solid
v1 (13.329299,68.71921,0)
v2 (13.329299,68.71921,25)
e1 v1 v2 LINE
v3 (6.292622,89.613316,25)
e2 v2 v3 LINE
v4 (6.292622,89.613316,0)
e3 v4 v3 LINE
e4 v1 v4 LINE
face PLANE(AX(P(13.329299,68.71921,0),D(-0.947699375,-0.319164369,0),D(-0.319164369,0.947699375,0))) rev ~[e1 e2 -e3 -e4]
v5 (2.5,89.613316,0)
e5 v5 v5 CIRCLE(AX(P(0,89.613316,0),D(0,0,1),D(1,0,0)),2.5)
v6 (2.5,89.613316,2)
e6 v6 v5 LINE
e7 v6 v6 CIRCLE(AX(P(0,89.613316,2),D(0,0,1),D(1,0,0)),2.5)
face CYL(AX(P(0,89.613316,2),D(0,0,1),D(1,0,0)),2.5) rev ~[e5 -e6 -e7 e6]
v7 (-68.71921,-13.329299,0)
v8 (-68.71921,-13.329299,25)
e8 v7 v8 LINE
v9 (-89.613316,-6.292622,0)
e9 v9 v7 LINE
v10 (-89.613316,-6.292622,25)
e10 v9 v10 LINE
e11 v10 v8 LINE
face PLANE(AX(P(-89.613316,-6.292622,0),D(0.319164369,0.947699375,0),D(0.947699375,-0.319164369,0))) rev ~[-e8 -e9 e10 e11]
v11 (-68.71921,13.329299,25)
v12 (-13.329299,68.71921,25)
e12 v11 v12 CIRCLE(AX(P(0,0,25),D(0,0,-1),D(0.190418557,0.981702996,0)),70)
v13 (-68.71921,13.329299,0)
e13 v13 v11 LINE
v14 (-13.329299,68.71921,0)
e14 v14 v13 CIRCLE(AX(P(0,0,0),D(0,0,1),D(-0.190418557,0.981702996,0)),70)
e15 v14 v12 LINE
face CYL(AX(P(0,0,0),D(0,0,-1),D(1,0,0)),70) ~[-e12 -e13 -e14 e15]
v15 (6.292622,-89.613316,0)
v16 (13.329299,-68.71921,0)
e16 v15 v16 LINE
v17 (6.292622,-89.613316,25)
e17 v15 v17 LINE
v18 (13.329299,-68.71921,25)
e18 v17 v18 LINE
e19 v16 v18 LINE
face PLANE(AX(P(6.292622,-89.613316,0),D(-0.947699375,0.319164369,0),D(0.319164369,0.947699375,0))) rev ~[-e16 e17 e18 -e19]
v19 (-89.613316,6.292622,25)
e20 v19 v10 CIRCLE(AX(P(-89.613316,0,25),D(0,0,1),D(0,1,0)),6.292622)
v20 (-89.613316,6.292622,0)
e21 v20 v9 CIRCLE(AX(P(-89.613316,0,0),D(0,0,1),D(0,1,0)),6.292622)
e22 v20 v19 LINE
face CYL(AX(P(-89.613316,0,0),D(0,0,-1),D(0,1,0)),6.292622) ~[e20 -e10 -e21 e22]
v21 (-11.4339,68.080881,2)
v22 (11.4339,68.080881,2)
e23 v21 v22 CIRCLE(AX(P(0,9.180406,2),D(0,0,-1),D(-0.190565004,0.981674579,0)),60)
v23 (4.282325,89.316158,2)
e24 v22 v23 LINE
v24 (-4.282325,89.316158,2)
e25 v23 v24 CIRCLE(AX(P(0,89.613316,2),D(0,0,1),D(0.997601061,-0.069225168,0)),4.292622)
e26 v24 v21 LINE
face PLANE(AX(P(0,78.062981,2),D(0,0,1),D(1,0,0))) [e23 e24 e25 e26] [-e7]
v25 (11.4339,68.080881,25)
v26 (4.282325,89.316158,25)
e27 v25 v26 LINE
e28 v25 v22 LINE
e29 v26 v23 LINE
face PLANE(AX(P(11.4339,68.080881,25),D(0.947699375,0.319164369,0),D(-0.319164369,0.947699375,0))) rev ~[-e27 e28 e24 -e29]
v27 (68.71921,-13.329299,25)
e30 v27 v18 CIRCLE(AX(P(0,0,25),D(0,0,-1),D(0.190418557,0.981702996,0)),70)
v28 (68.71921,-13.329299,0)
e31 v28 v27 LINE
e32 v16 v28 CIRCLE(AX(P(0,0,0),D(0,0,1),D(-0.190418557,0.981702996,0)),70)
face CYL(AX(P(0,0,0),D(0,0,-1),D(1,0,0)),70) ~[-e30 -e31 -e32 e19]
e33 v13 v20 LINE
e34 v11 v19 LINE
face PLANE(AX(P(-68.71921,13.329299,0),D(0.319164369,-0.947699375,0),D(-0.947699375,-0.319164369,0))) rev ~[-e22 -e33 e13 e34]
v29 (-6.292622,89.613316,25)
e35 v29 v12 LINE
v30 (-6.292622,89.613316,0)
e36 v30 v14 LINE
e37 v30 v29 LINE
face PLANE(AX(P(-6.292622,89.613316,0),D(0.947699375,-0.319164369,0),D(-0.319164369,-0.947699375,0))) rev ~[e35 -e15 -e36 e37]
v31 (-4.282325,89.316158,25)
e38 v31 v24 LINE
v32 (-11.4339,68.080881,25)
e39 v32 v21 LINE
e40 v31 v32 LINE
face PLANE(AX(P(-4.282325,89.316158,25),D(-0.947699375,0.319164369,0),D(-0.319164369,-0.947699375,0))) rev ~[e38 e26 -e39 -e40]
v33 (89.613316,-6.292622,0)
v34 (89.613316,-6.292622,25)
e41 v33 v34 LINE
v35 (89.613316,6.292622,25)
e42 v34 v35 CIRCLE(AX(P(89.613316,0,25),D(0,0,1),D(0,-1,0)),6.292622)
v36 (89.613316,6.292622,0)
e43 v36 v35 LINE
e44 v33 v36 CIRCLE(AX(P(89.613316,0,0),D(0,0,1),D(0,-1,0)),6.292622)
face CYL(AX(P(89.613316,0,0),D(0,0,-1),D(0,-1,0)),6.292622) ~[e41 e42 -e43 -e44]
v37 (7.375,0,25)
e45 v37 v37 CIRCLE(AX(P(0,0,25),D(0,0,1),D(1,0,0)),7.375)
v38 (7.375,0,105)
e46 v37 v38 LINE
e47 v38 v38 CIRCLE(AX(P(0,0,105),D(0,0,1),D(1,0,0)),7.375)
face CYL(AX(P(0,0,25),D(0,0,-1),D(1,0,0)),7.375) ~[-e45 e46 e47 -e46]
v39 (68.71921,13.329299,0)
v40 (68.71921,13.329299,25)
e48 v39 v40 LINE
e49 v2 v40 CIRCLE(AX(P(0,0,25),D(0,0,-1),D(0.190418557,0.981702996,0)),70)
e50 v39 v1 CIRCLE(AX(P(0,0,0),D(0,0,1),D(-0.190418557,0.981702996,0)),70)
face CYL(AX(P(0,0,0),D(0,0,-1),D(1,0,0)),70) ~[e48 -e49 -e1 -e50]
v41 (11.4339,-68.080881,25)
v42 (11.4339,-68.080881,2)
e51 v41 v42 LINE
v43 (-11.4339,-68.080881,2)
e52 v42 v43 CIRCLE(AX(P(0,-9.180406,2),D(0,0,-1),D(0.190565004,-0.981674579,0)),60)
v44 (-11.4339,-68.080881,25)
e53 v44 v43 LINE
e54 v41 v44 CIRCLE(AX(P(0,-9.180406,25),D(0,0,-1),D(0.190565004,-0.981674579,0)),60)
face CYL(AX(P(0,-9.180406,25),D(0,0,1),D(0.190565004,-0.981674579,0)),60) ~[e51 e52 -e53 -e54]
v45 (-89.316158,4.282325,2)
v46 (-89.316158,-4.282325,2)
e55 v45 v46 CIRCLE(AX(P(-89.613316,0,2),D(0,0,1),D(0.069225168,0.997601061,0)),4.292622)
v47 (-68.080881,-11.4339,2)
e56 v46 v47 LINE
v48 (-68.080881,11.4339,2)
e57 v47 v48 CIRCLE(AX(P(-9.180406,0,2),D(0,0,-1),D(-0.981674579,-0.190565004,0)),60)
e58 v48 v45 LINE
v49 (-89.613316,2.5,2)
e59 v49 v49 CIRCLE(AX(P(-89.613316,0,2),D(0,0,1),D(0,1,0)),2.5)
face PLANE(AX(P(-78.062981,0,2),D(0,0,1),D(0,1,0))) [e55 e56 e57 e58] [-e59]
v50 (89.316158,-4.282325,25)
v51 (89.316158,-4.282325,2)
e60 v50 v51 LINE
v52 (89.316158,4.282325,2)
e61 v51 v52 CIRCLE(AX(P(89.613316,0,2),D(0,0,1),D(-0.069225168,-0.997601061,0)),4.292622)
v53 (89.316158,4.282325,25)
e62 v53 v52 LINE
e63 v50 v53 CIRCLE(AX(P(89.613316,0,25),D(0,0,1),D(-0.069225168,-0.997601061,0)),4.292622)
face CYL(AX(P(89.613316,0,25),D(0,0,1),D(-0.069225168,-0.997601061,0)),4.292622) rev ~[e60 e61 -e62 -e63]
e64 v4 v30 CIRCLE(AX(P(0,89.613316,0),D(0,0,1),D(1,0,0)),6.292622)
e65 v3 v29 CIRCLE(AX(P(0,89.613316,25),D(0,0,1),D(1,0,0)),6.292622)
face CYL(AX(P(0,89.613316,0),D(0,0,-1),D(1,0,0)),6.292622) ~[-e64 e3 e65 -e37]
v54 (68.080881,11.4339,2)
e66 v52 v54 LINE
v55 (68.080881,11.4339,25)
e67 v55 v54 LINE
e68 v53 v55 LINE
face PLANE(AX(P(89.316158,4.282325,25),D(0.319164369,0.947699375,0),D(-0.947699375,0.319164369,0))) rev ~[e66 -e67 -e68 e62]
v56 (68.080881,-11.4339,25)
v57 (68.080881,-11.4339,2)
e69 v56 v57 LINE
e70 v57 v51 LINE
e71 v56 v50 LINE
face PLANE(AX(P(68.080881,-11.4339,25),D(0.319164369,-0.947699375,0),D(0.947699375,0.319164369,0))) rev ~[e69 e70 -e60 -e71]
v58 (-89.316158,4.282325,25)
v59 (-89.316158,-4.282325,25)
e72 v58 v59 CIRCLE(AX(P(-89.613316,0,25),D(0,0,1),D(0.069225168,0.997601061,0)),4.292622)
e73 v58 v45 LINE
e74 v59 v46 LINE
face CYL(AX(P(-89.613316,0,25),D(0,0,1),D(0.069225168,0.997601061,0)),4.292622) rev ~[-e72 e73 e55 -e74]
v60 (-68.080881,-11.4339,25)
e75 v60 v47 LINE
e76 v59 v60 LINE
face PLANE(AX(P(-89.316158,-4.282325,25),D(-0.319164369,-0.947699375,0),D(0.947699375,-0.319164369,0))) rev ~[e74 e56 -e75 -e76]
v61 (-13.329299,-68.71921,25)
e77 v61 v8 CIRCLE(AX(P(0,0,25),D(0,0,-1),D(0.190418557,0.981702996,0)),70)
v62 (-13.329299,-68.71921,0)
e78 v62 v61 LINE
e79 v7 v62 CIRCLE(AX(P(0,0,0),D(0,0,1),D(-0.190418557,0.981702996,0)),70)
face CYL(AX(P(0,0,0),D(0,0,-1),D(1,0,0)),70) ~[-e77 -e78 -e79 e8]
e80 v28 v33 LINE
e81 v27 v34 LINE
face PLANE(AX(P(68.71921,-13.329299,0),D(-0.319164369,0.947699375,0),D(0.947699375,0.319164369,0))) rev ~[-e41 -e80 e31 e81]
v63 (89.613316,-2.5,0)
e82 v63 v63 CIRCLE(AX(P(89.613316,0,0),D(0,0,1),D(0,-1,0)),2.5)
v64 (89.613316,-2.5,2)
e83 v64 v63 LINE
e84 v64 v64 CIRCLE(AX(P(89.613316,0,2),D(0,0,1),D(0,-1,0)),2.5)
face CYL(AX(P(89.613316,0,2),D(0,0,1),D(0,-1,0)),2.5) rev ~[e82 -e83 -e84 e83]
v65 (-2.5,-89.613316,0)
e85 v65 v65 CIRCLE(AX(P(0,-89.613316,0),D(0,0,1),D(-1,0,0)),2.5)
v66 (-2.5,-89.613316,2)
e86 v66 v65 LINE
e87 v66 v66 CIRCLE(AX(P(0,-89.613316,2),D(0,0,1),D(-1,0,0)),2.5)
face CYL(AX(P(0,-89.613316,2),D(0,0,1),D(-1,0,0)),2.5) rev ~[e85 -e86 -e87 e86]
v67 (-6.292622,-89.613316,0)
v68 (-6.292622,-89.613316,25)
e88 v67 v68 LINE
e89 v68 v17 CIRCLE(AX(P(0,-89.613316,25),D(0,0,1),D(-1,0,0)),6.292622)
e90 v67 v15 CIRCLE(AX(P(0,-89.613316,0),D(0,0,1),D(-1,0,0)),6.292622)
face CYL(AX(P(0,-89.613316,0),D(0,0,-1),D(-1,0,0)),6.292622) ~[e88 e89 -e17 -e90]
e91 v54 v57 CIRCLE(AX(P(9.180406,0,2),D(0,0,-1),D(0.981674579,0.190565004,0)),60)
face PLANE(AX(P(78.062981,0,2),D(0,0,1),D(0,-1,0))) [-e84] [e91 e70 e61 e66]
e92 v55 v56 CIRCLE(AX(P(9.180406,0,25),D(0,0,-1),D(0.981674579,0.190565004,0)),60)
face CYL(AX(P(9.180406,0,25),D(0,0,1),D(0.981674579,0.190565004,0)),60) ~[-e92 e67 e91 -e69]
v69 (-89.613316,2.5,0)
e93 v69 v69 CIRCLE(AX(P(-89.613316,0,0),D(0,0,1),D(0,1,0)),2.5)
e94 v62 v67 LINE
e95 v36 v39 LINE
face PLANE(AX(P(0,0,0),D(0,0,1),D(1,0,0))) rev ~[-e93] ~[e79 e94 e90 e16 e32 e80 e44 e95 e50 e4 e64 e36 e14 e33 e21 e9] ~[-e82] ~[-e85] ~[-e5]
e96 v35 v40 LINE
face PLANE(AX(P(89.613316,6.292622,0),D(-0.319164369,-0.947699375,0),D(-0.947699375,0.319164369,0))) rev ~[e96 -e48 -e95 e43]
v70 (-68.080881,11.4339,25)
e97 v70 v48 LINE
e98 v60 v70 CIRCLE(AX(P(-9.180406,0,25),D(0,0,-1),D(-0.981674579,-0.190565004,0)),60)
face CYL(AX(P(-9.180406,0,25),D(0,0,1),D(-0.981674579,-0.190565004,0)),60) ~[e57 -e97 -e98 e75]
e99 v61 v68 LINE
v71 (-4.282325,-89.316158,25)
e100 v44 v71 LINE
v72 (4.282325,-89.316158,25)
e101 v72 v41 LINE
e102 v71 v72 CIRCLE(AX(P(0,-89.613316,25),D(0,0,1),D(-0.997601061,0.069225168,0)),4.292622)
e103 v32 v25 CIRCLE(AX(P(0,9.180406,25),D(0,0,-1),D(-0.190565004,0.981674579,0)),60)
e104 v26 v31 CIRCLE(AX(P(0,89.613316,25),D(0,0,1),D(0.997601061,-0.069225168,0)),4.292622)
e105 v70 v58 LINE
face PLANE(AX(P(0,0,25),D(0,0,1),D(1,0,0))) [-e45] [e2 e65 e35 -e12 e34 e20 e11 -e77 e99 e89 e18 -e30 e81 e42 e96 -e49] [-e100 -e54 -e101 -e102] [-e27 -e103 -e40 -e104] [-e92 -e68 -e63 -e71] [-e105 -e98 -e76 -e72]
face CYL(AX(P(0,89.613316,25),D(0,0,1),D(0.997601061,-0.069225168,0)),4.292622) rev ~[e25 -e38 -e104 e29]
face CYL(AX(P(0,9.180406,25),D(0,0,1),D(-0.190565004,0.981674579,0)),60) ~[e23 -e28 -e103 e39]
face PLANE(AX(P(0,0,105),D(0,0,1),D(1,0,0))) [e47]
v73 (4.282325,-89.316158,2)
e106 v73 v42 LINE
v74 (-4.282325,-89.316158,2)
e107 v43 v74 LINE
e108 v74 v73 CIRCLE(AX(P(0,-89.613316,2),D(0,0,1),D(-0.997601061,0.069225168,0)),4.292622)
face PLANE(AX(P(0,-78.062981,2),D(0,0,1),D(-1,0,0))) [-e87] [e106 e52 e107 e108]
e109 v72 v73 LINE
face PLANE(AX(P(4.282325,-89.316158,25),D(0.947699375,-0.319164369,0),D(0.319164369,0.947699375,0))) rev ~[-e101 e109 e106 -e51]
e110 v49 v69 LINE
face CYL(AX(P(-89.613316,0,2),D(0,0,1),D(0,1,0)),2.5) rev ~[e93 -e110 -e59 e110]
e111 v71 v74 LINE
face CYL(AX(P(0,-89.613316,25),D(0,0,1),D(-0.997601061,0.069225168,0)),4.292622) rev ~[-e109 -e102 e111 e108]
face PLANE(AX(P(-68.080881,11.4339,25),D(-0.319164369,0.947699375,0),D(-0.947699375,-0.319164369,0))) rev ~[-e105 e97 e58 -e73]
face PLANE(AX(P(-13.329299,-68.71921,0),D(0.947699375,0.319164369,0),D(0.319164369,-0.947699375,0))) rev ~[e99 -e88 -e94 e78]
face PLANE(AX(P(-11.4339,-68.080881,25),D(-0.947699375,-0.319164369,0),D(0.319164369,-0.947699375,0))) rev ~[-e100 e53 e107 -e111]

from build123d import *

# Parameters (mm, degrees)
SKETCH1_R           = 70
BOSS_EXTRUDE1_DEPTH = 25
BOSS_EXTRUDE3_DEPTH = 25
CUT_EXTRUDE1_DEPTH  = 23
CUT_EXTRUDE2_REACH  = 122.942
SKETCH6_R           = 2.5
CIRPATTERN2_COUNT   = 4
SKETCH7_R           = 7.375
BOSS_EXTRUDE4_DEPTH = 80


with BuildPart() as part:
    # Sketch1 → Boss-Extrude1 (new body)
    with BuildSketch(Plane.XY):
        Circle(SKETCH1_R)
    extrude(amount=BOSS_EXTRUDE1_DEPTH)

    # Sketch3 → Boss-Extrude3 (add)
    with BuildSketch(Plane.XY):
        with BuildLine():
            Line((13.329299006, 68.719209745), (6.292622314, 89.613315607))
            ThreePointArc((6.292622314, 89.613315607), (0, 95.90593792), (-6.292622314, 89.613315607))
            Line((-6.292622314, 89.613315607), (-13.329299006, 68.719209745))
            ThreePointArc((-13.329299006, 68.719209745), (0, 70), (13.329299006, 68.719209745))
        make_face()
    boss_extrude3 = extrude(amount=BOSS_EXTRUDE3_DEPTH)

    # Sketch5 → Cut-Extrude1 (cut)
    with BuildSketch(Plane.XY.offset(25)):
        with BuildLine():
            Line((11.433900255, 68.080881008), (4.282324573, 89.316158104))
            ThreePointArc((4.282324573, 89.316158104), (0, 93.90593792), (-4.282324573, 89.316158104))
            Line((-4.282324573, 89.316158104), (-11.433900255, 68.080881008))
            ThreePointArc((-11.433900255, 68.080881008), (0, 69.180406265), (11.433900255, 68.080881008))
        make_face()
    cut_extrude1 = extrude(amount=-CUT_EXTRUDE1_DEPTH, mode=Mode.SUBTRACT)

    # Sketch6 → Cut-Extrude2 (cut, up to next)
    with BuildSketch(Plane.XY.offset(2), mode=Mode.PRIVATE) as cut_extrude2_sk1:
        with Locations((0, 89.613315607)):
            Circle(SKETCH6_R)
    cut_extrude2_tool1 = extrude(cut_extrude2_sk1.sketch, amount=-CUT_EXTRUDE2_REACH, mode=Mode.PRIVATE) & part.part
    cut_extrude2 = cut_extrude2_tool1.solids().sort_by_distance((0, 89.613316, 2))[0]
    add(cut_extrude2, mode=Mode.SUBTRACT)

    # CirPattern2: Boss-Extrude3, Cut-Extrude1, Cut-Extrude2 ×4 about axis
    cirpattern2_axis = Axis((0, 0, 0), (0, 0, 1))
    add([boss_extrude3.rotate(cirpattern2_axis, i * 360 / CIRPATTERN2_COUNT) for i in range(1, CIRPATTERN2_COUNT)])
    add([cut_extrude1.rotate(cirpattern2_axis, i * 360 / CIRPATTERN2_COUNT) for i in range(1, CIRPATTERN2_COUNT)], mode=Mode.SUBTRACT)
    add([cut_extrude2.rotate(cirpattern2_axis, i * 360 / CIRPATTERN2_COUNT) for i in range(1, CIRPATTERN2_COUNT)], mode=Mode.SUBTRACT)

    # Sketch7 → Boss-Extrude4 (add)
    with BuildSketch(Plane.XY.offset(25)):
        Circle(SKETCH7_R)
    extrude(amount=BOSS_EXTRUDE4_DEPTH)


solid = part.part
